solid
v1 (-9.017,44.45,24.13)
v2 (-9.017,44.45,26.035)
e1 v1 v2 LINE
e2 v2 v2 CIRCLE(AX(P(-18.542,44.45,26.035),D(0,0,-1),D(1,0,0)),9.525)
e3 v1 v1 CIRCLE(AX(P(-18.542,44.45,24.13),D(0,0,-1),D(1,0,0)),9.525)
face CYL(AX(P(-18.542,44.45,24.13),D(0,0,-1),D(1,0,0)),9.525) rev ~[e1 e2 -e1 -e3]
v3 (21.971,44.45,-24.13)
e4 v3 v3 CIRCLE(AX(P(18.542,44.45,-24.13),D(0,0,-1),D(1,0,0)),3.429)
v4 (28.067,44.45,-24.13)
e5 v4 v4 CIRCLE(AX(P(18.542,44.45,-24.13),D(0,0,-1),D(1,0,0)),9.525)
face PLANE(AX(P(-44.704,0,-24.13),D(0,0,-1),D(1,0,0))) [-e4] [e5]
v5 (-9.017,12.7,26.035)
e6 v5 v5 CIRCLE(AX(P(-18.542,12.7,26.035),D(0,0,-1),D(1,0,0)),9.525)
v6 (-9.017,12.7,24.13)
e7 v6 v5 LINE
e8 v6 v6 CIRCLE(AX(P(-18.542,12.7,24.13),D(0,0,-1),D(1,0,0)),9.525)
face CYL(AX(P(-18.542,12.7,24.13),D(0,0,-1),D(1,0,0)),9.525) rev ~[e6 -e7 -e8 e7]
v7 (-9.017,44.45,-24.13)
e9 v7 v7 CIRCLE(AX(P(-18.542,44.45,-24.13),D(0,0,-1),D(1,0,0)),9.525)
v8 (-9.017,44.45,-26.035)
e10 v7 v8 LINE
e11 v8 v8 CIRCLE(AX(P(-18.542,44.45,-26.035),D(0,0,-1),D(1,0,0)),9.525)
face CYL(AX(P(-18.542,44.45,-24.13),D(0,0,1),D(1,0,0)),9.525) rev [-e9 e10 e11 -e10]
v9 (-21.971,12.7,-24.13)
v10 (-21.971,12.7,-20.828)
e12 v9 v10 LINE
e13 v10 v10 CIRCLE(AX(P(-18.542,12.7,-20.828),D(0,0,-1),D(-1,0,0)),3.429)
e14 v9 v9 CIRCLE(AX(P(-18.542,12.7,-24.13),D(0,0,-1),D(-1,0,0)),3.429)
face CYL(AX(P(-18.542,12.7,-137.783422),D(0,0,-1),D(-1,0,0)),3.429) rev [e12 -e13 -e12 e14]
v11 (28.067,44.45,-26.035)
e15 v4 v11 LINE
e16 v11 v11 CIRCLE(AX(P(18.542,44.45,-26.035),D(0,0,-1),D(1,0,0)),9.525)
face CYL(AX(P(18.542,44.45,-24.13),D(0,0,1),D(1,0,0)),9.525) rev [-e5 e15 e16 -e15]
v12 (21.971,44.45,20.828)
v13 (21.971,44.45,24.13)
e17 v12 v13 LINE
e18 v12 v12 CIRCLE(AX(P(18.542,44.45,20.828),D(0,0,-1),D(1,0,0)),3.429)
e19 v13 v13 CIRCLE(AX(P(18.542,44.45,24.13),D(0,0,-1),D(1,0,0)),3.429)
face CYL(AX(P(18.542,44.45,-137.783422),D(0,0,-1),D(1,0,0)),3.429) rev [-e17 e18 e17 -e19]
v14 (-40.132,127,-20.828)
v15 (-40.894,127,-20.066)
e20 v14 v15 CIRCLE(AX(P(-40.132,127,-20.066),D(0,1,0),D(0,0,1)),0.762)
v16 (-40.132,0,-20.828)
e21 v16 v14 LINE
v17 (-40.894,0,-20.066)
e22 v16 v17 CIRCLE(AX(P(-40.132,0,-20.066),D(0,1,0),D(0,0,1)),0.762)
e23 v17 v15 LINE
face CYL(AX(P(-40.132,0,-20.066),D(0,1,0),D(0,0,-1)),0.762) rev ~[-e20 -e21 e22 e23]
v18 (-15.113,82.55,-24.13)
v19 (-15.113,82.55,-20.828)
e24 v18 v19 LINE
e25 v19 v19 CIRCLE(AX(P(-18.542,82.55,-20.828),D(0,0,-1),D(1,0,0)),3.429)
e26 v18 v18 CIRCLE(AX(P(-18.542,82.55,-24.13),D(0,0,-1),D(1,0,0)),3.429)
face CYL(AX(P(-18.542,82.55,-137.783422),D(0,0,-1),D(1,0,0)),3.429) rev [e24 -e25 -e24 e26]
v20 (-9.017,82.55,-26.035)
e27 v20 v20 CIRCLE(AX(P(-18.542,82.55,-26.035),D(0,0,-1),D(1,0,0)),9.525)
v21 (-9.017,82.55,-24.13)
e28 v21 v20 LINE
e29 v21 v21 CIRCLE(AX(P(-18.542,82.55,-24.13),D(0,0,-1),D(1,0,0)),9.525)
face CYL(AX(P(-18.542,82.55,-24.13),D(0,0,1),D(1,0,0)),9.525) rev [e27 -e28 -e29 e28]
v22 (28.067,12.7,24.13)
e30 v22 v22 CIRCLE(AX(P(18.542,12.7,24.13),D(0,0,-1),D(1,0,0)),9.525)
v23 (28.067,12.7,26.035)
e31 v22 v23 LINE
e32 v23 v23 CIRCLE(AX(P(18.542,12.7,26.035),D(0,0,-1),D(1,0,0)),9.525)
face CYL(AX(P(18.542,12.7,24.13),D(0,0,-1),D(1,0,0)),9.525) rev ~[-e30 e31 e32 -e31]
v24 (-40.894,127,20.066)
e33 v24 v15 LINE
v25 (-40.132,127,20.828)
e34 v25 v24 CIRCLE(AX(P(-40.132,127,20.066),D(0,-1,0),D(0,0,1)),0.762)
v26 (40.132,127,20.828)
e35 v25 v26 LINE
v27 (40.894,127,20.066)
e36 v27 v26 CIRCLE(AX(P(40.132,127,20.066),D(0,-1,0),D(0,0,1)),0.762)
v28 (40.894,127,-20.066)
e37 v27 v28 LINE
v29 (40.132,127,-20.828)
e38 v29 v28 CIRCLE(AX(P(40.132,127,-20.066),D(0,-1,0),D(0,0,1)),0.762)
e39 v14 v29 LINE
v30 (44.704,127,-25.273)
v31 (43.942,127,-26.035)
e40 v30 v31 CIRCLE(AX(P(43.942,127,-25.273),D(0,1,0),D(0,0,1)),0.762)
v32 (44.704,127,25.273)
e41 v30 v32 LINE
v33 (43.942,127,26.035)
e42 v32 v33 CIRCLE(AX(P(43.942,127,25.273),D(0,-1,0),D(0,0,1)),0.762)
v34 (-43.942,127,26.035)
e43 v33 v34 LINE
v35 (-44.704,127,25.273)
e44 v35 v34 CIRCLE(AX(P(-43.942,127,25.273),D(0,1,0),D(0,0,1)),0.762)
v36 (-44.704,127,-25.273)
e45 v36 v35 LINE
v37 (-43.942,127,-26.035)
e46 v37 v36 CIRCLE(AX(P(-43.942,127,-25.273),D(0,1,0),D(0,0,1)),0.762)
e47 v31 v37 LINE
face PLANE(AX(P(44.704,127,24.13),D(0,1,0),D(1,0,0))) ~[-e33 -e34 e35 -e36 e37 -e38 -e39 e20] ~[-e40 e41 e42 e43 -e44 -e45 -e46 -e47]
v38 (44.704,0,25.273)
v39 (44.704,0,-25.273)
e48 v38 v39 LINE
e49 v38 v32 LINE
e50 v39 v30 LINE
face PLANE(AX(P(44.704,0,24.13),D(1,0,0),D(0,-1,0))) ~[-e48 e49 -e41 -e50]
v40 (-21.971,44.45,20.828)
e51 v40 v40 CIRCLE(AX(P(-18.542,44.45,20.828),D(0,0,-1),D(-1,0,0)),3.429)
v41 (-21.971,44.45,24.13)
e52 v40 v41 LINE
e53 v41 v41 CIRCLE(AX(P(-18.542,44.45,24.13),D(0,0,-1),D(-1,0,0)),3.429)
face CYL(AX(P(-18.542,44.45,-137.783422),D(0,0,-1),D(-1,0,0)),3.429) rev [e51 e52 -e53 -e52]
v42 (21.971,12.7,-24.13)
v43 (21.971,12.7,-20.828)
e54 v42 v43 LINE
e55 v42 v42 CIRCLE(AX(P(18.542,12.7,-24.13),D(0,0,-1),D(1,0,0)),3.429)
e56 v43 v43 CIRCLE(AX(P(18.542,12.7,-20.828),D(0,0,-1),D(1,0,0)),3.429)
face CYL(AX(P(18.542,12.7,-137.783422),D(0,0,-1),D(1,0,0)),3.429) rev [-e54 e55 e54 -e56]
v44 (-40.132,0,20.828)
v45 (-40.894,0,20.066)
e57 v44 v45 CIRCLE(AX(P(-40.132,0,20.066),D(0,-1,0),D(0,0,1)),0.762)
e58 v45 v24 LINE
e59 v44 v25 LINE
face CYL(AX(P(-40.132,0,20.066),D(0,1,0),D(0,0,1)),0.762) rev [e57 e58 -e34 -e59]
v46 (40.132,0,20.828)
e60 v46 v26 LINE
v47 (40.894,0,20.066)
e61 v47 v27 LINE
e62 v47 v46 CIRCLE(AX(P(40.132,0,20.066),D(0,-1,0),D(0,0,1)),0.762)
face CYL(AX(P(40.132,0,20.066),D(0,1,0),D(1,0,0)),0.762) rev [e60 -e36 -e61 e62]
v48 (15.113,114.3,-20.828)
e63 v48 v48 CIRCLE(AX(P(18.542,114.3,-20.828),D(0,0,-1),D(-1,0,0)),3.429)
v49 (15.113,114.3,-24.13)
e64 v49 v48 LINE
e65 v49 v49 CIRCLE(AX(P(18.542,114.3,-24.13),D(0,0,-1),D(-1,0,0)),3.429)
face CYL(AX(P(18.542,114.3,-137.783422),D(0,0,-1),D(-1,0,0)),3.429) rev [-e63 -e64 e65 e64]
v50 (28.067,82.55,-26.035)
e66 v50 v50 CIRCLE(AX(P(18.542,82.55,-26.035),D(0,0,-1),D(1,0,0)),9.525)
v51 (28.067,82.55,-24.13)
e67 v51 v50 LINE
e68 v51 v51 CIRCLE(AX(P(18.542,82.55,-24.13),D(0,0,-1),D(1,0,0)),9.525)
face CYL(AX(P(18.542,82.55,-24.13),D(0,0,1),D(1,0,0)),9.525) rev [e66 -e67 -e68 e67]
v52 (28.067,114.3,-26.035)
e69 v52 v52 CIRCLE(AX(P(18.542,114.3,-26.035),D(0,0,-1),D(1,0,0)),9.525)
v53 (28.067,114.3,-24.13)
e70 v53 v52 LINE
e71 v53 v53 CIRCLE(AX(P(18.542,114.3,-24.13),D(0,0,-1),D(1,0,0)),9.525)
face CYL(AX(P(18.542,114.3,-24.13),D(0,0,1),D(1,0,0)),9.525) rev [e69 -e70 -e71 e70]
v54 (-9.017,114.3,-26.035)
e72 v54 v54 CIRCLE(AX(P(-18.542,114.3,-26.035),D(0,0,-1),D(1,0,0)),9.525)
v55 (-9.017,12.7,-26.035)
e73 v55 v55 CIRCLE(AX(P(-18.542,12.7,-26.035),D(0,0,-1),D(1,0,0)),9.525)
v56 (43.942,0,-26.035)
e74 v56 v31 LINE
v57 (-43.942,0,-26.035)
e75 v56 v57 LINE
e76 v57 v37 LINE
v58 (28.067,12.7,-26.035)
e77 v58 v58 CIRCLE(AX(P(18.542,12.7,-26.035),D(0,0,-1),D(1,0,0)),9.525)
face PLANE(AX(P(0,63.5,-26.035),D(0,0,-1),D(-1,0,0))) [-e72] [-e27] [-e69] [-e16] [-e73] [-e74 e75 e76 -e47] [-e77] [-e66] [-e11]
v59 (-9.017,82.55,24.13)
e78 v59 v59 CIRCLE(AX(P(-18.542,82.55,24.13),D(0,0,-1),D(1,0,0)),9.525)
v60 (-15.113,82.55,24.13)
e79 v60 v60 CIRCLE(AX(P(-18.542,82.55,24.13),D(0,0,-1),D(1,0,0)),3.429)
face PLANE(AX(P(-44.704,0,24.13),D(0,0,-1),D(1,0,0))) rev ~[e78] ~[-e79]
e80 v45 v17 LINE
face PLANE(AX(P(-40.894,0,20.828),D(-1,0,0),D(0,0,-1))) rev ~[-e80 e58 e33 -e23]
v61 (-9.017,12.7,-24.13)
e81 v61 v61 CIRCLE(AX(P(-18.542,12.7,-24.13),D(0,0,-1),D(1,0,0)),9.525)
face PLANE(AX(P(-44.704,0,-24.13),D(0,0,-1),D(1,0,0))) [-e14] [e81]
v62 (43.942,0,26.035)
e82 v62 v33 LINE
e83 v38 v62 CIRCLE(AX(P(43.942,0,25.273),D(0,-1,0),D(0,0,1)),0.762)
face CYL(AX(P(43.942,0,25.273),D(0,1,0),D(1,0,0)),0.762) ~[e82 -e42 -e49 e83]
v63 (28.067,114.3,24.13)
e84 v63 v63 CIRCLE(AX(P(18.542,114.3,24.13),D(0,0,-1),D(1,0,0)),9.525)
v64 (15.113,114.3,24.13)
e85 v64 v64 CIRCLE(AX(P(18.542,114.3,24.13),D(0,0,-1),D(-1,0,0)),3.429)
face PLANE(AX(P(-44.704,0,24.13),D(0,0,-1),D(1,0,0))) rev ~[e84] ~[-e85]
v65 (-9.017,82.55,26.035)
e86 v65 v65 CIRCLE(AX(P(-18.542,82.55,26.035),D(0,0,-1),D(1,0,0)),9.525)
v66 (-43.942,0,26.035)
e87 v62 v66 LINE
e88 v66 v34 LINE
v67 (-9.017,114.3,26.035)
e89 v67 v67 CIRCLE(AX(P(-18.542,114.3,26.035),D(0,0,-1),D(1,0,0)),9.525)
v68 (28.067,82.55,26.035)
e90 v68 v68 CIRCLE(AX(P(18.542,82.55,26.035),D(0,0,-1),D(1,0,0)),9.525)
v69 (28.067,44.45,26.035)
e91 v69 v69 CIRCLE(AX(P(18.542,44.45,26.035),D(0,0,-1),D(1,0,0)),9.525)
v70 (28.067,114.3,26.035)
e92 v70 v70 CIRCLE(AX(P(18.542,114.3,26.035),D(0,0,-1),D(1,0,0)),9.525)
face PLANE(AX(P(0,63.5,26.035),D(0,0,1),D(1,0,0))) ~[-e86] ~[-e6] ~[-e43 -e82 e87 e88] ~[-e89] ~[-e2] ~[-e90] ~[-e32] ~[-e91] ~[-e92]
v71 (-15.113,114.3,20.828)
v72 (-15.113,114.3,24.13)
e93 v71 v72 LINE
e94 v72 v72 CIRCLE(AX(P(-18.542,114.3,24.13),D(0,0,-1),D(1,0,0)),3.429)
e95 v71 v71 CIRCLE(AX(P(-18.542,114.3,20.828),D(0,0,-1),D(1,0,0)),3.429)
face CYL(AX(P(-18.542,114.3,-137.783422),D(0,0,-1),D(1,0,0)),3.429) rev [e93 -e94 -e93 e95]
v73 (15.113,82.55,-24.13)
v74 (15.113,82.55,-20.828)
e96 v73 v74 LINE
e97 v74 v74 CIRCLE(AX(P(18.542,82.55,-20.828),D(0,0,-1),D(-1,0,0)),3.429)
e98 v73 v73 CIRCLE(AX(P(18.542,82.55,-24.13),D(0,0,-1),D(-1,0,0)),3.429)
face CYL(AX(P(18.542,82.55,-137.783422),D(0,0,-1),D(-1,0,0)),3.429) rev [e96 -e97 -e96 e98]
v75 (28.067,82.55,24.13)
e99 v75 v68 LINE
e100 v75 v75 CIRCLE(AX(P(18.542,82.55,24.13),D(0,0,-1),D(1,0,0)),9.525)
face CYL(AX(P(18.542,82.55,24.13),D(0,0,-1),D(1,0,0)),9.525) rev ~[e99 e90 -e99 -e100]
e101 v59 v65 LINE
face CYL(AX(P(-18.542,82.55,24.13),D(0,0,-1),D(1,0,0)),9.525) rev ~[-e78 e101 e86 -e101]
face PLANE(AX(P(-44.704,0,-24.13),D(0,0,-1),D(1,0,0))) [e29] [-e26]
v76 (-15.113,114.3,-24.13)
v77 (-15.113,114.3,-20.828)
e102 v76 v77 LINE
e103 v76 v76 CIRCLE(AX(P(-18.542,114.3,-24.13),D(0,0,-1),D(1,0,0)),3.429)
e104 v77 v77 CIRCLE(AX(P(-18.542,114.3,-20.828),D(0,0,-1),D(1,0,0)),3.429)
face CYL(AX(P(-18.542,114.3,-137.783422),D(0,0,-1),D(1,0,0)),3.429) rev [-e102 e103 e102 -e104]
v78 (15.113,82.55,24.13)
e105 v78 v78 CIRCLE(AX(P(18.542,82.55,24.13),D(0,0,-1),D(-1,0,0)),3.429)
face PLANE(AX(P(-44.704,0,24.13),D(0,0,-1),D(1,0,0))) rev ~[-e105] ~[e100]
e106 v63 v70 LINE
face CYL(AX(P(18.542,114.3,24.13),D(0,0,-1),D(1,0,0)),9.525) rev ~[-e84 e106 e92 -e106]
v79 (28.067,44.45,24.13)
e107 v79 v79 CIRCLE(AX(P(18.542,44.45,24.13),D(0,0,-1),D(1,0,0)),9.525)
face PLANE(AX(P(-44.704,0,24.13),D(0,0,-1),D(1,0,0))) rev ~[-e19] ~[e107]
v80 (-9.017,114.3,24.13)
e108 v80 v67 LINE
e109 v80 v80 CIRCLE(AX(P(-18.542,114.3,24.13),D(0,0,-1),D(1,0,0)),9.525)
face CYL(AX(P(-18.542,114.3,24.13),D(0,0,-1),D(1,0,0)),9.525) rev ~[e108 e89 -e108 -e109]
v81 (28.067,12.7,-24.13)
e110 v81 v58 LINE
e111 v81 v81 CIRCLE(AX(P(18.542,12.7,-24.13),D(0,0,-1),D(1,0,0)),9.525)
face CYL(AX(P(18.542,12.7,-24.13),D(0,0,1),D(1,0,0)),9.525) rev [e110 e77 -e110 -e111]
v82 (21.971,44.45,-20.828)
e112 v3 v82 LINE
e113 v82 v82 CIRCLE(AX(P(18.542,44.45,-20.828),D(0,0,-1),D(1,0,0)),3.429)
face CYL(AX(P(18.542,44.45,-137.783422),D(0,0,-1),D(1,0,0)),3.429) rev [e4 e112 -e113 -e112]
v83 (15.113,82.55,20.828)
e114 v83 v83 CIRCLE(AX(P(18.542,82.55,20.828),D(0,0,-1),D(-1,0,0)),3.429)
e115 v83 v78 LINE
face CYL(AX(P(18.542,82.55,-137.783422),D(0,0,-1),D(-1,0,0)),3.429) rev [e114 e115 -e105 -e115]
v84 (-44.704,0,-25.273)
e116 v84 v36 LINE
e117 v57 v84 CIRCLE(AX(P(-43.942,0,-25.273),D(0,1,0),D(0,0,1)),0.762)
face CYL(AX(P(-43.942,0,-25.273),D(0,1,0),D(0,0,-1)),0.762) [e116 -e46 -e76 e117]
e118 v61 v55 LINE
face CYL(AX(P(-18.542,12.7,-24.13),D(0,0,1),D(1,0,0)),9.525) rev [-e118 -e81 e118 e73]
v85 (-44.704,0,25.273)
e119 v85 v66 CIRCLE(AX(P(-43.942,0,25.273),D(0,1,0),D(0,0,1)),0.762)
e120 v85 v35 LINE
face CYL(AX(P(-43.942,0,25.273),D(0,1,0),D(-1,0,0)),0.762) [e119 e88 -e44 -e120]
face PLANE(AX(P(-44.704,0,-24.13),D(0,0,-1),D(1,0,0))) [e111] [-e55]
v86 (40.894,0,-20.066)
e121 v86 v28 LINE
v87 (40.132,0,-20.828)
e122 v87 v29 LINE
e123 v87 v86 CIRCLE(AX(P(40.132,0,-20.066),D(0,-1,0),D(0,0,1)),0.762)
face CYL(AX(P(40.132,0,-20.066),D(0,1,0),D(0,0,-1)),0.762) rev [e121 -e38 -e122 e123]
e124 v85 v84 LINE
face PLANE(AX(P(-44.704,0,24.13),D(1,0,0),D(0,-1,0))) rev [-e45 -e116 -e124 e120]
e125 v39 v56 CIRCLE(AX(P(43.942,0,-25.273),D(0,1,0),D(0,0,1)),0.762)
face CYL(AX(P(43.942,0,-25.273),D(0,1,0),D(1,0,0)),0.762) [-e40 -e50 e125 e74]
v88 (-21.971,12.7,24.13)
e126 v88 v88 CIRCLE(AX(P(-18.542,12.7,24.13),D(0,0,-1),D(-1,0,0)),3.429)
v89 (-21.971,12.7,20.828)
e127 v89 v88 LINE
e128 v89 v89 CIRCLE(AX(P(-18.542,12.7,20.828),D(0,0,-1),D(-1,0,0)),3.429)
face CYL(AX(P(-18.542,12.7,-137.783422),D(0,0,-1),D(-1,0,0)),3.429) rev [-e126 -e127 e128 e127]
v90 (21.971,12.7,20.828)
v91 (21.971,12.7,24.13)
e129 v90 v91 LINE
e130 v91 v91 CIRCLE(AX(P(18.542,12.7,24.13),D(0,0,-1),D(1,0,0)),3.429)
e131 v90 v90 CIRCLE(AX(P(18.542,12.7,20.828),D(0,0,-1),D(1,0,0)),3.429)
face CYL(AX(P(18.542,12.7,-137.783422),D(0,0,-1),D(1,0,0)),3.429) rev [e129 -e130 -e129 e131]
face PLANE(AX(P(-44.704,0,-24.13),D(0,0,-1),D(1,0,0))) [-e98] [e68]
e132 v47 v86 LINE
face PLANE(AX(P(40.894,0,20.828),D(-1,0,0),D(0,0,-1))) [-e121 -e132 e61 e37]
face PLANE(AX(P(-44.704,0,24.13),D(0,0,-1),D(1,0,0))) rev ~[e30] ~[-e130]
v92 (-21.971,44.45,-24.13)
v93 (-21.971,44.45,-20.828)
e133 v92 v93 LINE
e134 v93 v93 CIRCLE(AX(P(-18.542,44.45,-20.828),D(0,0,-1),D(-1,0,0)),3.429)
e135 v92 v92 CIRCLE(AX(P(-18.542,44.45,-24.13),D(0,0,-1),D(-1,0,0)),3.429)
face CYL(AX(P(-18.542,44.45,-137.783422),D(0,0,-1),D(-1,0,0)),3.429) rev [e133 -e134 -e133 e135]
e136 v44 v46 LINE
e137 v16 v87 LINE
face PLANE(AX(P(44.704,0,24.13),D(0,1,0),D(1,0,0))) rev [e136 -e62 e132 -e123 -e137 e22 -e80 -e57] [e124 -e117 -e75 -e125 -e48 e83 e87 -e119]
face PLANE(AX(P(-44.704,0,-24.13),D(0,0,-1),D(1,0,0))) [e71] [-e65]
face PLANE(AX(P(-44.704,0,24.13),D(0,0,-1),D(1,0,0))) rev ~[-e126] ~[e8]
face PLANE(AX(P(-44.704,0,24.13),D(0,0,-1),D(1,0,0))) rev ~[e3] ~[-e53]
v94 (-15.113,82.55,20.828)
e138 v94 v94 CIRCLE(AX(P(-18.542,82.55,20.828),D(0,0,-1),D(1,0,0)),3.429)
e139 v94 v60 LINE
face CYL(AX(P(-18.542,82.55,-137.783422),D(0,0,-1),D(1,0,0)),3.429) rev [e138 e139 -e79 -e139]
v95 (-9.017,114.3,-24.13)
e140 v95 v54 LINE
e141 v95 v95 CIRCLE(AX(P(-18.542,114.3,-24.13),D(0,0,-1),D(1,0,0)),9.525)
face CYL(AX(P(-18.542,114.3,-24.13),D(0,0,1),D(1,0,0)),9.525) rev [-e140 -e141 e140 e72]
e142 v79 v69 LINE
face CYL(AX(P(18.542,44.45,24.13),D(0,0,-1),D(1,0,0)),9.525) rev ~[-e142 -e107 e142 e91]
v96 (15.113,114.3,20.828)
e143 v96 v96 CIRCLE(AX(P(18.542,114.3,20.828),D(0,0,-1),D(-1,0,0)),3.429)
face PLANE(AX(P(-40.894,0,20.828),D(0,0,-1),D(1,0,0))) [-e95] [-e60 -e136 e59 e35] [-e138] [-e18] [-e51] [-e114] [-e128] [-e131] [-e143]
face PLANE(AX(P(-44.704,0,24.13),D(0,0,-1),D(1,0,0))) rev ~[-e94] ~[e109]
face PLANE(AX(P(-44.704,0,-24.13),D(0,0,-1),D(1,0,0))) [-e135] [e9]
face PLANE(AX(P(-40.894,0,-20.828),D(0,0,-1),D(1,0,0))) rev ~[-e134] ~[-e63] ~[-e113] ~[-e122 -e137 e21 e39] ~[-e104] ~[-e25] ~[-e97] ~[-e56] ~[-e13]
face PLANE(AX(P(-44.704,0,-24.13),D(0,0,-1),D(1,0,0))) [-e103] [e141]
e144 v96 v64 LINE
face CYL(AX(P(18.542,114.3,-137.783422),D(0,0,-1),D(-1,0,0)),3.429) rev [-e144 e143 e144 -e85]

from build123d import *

# Parameters (mm, degrees)
SKETCH1_W               = 89.408
SKETCH1_H               = 48.26
SKETCH1_W_2             = 81.788
SKETCH1_H_2             = 41.656
BOSS_EXTRUDE1_DEPTH     = 127
CUT_EXTRUDE1_DEPTH      = 137.783421934
CUT_EXTRUDE1_DEPTH_BACK = 137.783421934
SKETCH3_R               = 3.429
SKETCH5_W               = 89.408
SKETCH5_H               = 127
SKETCH5_R               = 9.525
BOSS_EXTRUDE3_DEPTH     = 1.905
FILLET1_R               = 0.762


with BuildPart() as part:
    # Sketch1 → Boss-Extrude1 (new body)
    with BuildSketch(Plane(origin=(0, 0, 0), x_dir=(1, 0, 0), z_dir=(0, 1, 0))):
        Rectangle(SKETCH1_W, SKETCH1_H)
        Rectangle(SKETCH1_W_2, SKETCH1_H_2, mode=Mode.SUBTRACT)
    extrude(amount=BOSS_EXTRUDE1_DEPTH)

    # Sketch3 → Cut-Extrude1 (cut, two sides: drawn at the far end of the back side and taken through both)
    with BuildSketch(Plane.XY.offset(-CUT_EXTRUDE1_DEPTH_BACK)):
        with Locations((-18.542, 114.3)):
            Circle(SKETCH3_R)
        with Locations((-18.542, 82.55)):
            Circle(SKETCH3_R)
        with Locations(Location((18.542, 82.55, 0), (0, 0, 180))):
            Circle(SKETCH3_R)
        with Locations(Location((18.542, 114.3, 0), (0, 0, 180))):
            Circle(SKETCH3_R)
        with Locations((18.542, 12.7)):
            Circle(SKETCH3_R)
        with Locations((18.542, 44.45)):
            Circle(SKETCH3_R)
        with Locations(Location((-18.542, 44.45, 0), (0, 0, 180))):
            Circle(SKETCH3_R)
        with Locations(Location((-18.542, 12.7, 0), (0, 0, 180))):
            Circle(SKETCH3_R)
    extrude(amount=CUT_EXTRUDE1_DEPTH + CUT_EXTRUDE1_DEPTH_BACK, mode=Mode.SUBTRACT)

    # Sketch5 → Boss-Extrude3 (add)
    with BuildSketch(Plane(origin=(0, 0, -24.13), x_dir=(-1, 0, 0), z_dir=(0, 0, -1))):
        with Locations((0, 63.5)):
            Rectangle(SKETCH5_W, SKETCH5_H)
        with Locations(Location((18.542, 12.7, 0), (0, 0, 180))):
            Circle(SKETCH5_R, mode=Mode.SUBTRACT)
        with Locations(Location((-18.542, 12.7, 0), (0, 0, 180))):
            Circle(SKETCH5_R, mode=Mode.SUBTRACT)
        with Locations(Location((-18.542, 44.45, 0), (0, 0, 180))):
            Circle(SKETCH5_R, mode=Mode.SUBTRACT)
        with Locations(Location((18.542, 44.45, 0), (0, 0, 180))):
            Circle(SKETCH5_R, mode=Mode.SUBTRACT)
        with Locations(Location((18.542, 82.55, 0), (0, 0, 180))):
            Circle(SKETCH5_R, mode=Mode.SUBTRACT)
        with Locations(Location((-18.542, 82.55, 0), (0, 0, 180))):
            Circle(SKETCH5_R, mode=Mode.SUBTRACT)
        with Locations(Location((18.542, 114.3, 0), (0, 0, 180))):
            Circle(SKETCH5_R, mode=Mode.SUBTRACT)
        with Locations(Location((-18.542, 114.3, 0), (0, 0, 180))):
            Circle(SKETCH5_R, mode=Mode.SUBTRACT)
    boss_extrude3 = extrude(amount=BOSS_EXTRUDE3_DEPTH)

    # Mirror3: Boss-Extrude3 across plane
    add(boss_extrude3.mirror(Plane.XY))

    # Fillet1
    fillet1_edges = [part.edges().sort_by_distance(p)[0] for p in [
        (44.704, 63.5, -26.035),
        (-44.704, 63.5, -26.035),
        (44.704, 63.5, 26.035),
        (-44.704, 63.5, 26.035),
        (40.894, 63.5, 20.828),
        (40.894, 63.5, -20.828),
        (-40.894, 63.5, -20.828),
        (-40.894, 63.5, 20.828),
    ]]
    fillet(fillet1_edges, radius=FILLET1_R)


solid = part.part
